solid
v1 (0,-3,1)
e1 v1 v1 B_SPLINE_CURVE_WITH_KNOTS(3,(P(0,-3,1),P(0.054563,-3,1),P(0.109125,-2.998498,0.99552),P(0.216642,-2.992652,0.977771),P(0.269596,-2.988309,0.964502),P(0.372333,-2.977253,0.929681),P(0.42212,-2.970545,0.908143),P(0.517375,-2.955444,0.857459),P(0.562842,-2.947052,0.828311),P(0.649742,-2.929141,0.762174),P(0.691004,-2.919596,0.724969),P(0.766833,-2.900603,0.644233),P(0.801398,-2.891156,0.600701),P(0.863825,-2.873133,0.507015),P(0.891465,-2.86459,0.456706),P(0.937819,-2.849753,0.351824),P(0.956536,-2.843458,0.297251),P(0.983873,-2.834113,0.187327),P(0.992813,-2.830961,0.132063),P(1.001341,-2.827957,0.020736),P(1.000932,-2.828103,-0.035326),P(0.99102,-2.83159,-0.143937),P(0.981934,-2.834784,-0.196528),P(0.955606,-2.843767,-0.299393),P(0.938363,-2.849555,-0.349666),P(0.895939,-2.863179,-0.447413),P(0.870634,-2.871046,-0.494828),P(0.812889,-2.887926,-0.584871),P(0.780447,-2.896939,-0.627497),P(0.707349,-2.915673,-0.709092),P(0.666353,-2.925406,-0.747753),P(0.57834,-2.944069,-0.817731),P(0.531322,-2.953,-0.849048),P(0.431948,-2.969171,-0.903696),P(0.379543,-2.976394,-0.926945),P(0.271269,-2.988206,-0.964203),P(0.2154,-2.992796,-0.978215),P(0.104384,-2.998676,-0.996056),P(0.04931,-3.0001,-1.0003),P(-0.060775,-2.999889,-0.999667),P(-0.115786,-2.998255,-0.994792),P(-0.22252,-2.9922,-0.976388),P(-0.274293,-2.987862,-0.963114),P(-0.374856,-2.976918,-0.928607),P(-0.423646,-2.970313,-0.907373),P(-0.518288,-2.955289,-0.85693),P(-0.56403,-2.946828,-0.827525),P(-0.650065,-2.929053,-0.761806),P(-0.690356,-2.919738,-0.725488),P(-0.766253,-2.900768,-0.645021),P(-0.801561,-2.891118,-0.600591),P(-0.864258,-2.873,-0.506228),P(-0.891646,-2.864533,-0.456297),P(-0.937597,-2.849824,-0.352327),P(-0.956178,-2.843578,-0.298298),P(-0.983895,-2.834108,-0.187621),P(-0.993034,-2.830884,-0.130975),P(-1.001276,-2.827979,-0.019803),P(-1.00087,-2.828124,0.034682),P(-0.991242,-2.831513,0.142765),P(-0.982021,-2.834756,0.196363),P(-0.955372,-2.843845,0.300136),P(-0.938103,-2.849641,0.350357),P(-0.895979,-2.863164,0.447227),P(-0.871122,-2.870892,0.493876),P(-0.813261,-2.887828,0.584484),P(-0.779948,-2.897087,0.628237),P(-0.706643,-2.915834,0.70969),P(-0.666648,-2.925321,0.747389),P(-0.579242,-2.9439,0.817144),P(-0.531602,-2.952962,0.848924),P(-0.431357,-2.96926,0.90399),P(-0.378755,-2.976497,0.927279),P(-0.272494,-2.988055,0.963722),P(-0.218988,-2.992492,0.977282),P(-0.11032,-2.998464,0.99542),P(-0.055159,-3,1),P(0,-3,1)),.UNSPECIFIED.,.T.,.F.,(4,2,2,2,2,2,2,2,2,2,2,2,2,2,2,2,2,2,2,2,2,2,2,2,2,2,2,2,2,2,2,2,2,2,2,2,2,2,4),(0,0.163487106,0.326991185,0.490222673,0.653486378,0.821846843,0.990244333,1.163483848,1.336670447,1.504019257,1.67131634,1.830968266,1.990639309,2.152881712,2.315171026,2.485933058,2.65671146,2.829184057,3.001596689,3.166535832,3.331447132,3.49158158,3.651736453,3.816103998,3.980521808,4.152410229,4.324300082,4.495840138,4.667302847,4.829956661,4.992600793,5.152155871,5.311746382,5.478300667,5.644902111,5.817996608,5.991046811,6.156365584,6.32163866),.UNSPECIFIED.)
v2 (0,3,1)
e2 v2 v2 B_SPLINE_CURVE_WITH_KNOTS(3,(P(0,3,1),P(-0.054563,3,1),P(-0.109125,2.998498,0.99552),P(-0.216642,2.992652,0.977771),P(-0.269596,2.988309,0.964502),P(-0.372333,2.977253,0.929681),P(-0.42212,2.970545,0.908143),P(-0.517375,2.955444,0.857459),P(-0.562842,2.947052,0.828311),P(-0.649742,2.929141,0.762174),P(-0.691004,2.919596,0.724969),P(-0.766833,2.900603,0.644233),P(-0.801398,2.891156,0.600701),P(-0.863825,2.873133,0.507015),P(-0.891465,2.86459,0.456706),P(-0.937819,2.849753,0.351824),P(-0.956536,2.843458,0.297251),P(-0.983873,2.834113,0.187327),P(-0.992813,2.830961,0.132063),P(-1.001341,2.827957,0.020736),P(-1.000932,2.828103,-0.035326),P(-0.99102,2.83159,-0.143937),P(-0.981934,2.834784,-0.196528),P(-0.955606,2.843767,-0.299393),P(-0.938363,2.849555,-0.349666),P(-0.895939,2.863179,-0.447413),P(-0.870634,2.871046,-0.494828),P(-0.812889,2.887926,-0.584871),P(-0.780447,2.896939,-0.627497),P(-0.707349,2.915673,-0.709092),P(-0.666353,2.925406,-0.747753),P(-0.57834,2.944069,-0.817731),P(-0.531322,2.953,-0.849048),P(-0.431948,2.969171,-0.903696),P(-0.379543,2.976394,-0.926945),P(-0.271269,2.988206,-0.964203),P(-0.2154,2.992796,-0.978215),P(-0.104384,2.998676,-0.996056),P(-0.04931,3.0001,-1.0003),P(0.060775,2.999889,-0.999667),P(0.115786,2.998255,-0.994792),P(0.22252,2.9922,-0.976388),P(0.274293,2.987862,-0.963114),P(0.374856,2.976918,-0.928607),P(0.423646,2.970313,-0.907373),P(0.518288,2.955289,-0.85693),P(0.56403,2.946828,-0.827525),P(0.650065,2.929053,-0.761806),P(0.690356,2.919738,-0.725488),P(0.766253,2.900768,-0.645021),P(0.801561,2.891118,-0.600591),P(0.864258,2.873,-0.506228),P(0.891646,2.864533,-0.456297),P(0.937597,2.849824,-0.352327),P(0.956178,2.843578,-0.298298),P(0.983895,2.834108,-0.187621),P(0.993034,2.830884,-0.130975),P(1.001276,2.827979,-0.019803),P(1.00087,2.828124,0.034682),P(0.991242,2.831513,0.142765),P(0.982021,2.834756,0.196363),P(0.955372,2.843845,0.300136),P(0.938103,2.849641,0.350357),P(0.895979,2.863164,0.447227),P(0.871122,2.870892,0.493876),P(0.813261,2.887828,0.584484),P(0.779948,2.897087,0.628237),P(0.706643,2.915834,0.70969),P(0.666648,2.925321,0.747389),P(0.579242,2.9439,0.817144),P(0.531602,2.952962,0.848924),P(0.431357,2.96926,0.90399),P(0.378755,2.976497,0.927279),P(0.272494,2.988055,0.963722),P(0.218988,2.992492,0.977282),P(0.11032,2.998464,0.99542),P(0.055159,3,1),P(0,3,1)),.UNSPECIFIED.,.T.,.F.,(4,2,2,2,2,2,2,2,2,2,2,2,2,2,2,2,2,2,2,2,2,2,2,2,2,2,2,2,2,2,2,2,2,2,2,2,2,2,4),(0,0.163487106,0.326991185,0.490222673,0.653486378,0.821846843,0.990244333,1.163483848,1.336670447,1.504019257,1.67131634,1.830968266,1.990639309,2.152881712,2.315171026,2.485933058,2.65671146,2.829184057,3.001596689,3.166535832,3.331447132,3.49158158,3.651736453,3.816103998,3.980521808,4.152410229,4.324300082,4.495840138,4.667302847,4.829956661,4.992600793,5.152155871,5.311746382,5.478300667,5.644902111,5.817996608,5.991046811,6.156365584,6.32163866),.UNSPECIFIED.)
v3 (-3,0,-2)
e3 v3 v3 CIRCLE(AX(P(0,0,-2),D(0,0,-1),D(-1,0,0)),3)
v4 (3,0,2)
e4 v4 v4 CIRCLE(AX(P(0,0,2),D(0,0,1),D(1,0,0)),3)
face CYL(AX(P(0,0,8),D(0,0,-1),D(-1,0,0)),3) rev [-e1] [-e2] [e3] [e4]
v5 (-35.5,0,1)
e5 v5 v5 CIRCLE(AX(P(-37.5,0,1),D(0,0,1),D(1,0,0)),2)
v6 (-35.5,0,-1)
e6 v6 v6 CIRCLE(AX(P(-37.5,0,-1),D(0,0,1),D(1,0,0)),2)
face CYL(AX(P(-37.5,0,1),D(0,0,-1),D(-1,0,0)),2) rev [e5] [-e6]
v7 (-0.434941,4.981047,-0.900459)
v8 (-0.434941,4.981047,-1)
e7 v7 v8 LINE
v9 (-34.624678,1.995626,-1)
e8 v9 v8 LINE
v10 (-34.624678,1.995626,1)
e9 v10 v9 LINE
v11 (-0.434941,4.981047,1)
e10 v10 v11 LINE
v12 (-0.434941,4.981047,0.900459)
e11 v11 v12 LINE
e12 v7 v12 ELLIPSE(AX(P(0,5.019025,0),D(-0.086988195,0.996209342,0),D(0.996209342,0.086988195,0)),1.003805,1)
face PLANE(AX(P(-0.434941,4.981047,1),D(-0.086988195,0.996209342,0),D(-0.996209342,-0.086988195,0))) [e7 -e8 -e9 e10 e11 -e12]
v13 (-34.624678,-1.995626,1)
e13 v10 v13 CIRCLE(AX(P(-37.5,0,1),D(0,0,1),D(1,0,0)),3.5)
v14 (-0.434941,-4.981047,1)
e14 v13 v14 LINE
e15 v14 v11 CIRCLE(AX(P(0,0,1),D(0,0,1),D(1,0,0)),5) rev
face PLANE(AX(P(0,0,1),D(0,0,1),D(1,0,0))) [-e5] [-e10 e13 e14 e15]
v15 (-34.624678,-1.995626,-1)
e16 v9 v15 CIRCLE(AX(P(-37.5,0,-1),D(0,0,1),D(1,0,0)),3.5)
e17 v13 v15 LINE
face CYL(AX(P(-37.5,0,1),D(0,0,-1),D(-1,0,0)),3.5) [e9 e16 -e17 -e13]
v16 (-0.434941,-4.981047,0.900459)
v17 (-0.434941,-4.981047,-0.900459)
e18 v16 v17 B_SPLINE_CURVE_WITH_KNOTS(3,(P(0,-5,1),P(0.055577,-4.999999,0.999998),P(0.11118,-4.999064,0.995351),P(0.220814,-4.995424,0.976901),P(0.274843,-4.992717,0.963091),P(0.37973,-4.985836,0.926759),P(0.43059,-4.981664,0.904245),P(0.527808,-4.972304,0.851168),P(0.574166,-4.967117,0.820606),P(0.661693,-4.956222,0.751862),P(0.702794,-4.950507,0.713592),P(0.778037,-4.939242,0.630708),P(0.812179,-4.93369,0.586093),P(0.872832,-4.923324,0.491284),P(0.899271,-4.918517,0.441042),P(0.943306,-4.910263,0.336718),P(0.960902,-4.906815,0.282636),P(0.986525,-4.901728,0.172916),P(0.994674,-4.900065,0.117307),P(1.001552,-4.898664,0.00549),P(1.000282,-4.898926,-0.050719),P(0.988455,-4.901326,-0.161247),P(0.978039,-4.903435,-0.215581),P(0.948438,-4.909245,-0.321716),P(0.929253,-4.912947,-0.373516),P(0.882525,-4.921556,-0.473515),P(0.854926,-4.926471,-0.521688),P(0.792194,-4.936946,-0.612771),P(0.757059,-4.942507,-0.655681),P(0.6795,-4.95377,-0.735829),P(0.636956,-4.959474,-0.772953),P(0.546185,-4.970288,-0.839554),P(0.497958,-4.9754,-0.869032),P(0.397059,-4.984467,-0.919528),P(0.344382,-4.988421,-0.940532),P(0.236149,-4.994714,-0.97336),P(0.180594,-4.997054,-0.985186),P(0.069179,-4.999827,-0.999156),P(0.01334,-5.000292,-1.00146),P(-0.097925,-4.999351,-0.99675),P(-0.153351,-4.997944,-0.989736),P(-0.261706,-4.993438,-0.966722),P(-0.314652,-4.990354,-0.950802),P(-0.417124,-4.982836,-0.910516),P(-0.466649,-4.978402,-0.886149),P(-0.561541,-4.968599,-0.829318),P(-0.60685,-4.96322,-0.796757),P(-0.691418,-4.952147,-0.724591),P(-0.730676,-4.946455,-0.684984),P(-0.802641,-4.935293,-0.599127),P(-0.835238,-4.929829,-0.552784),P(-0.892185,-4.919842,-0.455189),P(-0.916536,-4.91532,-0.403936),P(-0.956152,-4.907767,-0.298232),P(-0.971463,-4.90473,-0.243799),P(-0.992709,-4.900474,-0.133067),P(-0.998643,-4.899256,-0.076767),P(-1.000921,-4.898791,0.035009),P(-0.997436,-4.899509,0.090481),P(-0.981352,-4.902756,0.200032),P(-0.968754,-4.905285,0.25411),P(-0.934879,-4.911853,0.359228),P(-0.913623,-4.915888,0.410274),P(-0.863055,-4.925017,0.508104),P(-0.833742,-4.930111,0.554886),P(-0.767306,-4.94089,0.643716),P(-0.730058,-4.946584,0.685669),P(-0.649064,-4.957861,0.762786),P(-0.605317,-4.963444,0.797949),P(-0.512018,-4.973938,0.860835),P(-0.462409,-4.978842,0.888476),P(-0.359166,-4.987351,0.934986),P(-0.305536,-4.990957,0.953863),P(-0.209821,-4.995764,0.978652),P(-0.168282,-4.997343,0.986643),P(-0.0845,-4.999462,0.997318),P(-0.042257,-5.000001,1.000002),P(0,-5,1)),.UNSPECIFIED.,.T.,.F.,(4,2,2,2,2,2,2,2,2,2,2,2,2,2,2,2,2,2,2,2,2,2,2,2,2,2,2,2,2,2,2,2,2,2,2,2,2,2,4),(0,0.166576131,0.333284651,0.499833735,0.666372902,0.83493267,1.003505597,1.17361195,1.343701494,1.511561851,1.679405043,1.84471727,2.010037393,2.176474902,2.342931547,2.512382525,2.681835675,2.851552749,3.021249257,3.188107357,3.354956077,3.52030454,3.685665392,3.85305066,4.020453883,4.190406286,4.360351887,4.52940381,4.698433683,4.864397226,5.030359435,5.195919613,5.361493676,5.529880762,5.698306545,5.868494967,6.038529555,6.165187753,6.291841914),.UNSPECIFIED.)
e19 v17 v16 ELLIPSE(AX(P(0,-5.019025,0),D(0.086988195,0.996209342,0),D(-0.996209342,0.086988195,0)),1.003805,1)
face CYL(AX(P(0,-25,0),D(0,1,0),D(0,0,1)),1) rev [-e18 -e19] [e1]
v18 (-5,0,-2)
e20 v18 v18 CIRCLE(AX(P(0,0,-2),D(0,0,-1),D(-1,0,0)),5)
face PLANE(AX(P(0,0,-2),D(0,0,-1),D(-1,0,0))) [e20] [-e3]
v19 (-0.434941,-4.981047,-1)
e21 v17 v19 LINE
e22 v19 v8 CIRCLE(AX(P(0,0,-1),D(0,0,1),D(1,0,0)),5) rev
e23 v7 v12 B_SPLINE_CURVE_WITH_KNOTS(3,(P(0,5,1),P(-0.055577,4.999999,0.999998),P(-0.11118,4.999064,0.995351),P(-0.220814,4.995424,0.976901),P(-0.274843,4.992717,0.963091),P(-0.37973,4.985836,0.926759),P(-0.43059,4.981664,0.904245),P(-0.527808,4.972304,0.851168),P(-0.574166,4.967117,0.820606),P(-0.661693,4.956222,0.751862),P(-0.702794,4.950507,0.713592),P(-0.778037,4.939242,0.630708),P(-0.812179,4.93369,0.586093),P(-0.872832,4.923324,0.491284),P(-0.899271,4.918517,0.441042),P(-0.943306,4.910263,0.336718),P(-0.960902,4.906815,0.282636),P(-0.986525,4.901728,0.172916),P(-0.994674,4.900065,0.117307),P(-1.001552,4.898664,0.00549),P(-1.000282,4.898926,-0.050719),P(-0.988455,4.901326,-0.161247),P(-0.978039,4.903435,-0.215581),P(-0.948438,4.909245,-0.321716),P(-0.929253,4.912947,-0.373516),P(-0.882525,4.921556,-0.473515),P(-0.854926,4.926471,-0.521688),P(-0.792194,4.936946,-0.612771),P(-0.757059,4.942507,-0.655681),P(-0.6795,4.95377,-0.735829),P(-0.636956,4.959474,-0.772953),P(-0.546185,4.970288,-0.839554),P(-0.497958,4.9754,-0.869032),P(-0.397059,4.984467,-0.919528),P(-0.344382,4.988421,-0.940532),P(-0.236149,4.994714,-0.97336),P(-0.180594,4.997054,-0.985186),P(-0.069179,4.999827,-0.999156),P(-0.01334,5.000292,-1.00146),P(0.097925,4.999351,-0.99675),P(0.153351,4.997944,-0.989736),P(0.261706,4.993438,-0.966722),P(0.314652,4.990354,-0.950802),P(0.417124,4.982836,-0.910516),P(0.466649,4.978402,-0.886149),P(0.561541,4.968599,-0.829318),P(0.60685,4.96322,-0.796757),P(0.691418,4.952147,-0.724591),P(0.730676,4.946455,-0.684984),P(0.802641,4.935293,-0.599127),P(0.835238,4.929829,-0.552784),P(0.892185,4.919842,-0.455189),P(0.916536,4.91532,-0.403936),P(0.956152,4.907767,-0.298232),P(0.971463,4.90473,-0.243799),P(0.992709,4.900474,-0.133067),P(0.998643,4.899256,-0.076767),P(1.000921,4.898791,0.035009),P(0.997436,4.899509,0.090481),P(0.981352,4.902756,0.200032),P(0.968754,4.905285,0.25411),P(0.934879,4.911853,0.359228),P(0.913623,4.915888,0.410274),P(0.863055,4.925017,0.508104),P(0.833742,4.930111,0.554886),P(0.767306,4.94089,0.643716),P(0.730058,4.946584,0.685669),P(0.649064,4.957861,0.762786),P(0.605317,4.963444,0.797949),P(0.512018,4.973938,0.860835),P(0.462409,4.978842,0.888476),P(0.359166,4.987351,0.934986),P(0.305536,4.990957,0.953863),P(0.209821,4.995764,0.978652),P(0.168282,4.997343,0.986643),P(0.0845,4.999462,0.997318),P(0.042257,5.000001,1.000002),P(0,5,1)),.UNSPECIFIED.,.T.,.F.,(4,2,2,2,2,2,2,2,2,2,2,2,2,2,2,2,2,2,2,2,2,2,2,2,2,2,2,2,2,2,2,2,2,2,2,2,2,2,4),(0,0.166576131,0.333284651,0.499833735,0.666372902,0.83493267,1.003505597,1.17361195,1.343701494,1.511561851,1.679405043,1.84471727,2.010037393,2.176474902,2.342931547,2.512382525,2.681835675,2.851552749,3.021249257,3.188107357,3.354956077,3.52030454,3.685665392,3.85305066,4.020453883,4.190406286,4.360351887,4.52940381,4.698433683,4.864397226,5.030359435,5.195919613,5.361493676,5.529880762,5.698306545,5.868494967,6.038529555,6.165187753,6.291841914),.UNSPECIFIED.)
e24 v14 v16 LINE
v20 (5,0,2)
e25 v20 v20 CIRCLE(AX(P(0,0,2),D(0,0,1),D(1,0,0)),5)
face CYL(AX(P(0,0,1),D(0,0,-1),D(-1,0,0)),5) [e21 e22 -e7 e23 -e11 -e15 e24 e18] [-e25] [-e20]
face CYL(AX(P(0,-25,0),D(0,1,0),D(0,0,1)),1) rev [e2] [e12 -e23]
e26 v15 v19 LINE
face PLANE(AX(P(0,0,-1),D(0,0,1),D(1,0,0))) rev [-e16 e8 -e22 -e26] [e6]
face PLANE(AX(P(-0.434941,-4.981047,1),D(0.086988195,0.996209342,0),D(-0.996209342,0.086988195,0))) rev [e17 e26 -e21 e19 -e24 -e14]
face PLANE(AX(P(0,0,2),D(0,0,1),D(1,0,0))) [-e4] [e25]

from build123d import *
from build123d.topology import SkipClean

# Parameters (mm, degrees)
SKETCH1_R           = 5
SKETCH1_R_2         = 3
SKETCH1_R_3         = 2
BOSS_EXTRUDE1_DEPTH = 1
SKETCH2_R           = 5
BOSS_EXTRUDE2_DEPTH = 1
SKETCH3_R           = 5
BOSS_EXTRUDE3_DEPTH = 1
SKETCH4_R           = 1
CUT_EXTRUDE1_DEPTH  = 25
SKETCH5_R           = 3
CUT_EXTRUDE2_DEPTH  = 10


with BuildPart() as part:
    # Sketch1 → Boss-Extrude1 (new, symmetric)
    # profile 1 of 2: a face of its own
    with BuildSketch(Plane.XY):
        Circle(SKETCH1_R)
        Circle(SKETCH1_R_2, mode=Mode.SUBTRACT)
    # profile 2 of 2: a face of its own
    with BuildSketch(Plane.XY):
        with BuildLine():
            ThreePointArc((-34.624678, 1.995626), (-41, 0), (-34.624678, -1.995626))
            Line((-34.624678, -1.995626), (-0.434941, -4.981047))
            ThreePointArc((-0.434941, -4.981047), (-5, 0), (-0.434941, 4.981047))
            Line((-0.434941, 4.981047), (-34.624678, 1.995626))
        make_face()
        with Locations((-37.5, 0)):
            Circle(SKETCH1_R_3, mode=Mode.SUBTRACT)
    extrude(amount=BOSS_EXTRUDE1_DEPTH, both=True)

    # Sketch2 → Boss-Extrude2 (add, symmetric)
    with BuildSketch(Plane.XY.offset(1)):
        with Locations(Location((0, 0, 0), (0, 0, 265.009636))):
            Circle(SKETCH2_R)
    extrude(amount=BOSS_EXTRUDE2_DEPTH, both=True)

    # Sketch3 → Boss-Extrude3 (add, symmetric)
    with BuildSketch(Plane(origin=(0, 0, -1), x_dir=(-1, 0, 0), z_dir=(0, 0, -1))):
        Circle(SKETCH3_R)
    extrude(amount=BOSS_EXTRUDE3_DEPTH, both=True)

    # Sketch4 → Cut-Extrude1 (cut, symmetric)
    with SkipClean():  # the faces are left unmerged after this step: merging them gives an invalid solid
        with BuildSketch(Plane(origin=(0, 0, 0), x_dir=(1, 0, 0), z_dir=(0, 1, 0))):
            with Locations(Location((0, 0, 0), (0, 0, 244.218462))):
                Circle(SKETCH4_R)
        extrude(amount=CUT_EXTRUDE1_DEPTH, both=True, mode=Mode.SUBTRACT)

    # Sketch5 → Cut-Extrude2 (cut)
    with SkipClean():  # the faces are left unmerged after this step: merging them gives an invalid solid
        with BuildSketch(Plane(origin=(0, 0, -2), x_dir=(-1, 0, 0), z_dir=(0, 0, -1))):
            Circle(SKETCH5_R)
        extrude(amount=-CUT_EXTRUDE2_DEPTH, mode=Mode.SUBTRACT)


solid = part.part
